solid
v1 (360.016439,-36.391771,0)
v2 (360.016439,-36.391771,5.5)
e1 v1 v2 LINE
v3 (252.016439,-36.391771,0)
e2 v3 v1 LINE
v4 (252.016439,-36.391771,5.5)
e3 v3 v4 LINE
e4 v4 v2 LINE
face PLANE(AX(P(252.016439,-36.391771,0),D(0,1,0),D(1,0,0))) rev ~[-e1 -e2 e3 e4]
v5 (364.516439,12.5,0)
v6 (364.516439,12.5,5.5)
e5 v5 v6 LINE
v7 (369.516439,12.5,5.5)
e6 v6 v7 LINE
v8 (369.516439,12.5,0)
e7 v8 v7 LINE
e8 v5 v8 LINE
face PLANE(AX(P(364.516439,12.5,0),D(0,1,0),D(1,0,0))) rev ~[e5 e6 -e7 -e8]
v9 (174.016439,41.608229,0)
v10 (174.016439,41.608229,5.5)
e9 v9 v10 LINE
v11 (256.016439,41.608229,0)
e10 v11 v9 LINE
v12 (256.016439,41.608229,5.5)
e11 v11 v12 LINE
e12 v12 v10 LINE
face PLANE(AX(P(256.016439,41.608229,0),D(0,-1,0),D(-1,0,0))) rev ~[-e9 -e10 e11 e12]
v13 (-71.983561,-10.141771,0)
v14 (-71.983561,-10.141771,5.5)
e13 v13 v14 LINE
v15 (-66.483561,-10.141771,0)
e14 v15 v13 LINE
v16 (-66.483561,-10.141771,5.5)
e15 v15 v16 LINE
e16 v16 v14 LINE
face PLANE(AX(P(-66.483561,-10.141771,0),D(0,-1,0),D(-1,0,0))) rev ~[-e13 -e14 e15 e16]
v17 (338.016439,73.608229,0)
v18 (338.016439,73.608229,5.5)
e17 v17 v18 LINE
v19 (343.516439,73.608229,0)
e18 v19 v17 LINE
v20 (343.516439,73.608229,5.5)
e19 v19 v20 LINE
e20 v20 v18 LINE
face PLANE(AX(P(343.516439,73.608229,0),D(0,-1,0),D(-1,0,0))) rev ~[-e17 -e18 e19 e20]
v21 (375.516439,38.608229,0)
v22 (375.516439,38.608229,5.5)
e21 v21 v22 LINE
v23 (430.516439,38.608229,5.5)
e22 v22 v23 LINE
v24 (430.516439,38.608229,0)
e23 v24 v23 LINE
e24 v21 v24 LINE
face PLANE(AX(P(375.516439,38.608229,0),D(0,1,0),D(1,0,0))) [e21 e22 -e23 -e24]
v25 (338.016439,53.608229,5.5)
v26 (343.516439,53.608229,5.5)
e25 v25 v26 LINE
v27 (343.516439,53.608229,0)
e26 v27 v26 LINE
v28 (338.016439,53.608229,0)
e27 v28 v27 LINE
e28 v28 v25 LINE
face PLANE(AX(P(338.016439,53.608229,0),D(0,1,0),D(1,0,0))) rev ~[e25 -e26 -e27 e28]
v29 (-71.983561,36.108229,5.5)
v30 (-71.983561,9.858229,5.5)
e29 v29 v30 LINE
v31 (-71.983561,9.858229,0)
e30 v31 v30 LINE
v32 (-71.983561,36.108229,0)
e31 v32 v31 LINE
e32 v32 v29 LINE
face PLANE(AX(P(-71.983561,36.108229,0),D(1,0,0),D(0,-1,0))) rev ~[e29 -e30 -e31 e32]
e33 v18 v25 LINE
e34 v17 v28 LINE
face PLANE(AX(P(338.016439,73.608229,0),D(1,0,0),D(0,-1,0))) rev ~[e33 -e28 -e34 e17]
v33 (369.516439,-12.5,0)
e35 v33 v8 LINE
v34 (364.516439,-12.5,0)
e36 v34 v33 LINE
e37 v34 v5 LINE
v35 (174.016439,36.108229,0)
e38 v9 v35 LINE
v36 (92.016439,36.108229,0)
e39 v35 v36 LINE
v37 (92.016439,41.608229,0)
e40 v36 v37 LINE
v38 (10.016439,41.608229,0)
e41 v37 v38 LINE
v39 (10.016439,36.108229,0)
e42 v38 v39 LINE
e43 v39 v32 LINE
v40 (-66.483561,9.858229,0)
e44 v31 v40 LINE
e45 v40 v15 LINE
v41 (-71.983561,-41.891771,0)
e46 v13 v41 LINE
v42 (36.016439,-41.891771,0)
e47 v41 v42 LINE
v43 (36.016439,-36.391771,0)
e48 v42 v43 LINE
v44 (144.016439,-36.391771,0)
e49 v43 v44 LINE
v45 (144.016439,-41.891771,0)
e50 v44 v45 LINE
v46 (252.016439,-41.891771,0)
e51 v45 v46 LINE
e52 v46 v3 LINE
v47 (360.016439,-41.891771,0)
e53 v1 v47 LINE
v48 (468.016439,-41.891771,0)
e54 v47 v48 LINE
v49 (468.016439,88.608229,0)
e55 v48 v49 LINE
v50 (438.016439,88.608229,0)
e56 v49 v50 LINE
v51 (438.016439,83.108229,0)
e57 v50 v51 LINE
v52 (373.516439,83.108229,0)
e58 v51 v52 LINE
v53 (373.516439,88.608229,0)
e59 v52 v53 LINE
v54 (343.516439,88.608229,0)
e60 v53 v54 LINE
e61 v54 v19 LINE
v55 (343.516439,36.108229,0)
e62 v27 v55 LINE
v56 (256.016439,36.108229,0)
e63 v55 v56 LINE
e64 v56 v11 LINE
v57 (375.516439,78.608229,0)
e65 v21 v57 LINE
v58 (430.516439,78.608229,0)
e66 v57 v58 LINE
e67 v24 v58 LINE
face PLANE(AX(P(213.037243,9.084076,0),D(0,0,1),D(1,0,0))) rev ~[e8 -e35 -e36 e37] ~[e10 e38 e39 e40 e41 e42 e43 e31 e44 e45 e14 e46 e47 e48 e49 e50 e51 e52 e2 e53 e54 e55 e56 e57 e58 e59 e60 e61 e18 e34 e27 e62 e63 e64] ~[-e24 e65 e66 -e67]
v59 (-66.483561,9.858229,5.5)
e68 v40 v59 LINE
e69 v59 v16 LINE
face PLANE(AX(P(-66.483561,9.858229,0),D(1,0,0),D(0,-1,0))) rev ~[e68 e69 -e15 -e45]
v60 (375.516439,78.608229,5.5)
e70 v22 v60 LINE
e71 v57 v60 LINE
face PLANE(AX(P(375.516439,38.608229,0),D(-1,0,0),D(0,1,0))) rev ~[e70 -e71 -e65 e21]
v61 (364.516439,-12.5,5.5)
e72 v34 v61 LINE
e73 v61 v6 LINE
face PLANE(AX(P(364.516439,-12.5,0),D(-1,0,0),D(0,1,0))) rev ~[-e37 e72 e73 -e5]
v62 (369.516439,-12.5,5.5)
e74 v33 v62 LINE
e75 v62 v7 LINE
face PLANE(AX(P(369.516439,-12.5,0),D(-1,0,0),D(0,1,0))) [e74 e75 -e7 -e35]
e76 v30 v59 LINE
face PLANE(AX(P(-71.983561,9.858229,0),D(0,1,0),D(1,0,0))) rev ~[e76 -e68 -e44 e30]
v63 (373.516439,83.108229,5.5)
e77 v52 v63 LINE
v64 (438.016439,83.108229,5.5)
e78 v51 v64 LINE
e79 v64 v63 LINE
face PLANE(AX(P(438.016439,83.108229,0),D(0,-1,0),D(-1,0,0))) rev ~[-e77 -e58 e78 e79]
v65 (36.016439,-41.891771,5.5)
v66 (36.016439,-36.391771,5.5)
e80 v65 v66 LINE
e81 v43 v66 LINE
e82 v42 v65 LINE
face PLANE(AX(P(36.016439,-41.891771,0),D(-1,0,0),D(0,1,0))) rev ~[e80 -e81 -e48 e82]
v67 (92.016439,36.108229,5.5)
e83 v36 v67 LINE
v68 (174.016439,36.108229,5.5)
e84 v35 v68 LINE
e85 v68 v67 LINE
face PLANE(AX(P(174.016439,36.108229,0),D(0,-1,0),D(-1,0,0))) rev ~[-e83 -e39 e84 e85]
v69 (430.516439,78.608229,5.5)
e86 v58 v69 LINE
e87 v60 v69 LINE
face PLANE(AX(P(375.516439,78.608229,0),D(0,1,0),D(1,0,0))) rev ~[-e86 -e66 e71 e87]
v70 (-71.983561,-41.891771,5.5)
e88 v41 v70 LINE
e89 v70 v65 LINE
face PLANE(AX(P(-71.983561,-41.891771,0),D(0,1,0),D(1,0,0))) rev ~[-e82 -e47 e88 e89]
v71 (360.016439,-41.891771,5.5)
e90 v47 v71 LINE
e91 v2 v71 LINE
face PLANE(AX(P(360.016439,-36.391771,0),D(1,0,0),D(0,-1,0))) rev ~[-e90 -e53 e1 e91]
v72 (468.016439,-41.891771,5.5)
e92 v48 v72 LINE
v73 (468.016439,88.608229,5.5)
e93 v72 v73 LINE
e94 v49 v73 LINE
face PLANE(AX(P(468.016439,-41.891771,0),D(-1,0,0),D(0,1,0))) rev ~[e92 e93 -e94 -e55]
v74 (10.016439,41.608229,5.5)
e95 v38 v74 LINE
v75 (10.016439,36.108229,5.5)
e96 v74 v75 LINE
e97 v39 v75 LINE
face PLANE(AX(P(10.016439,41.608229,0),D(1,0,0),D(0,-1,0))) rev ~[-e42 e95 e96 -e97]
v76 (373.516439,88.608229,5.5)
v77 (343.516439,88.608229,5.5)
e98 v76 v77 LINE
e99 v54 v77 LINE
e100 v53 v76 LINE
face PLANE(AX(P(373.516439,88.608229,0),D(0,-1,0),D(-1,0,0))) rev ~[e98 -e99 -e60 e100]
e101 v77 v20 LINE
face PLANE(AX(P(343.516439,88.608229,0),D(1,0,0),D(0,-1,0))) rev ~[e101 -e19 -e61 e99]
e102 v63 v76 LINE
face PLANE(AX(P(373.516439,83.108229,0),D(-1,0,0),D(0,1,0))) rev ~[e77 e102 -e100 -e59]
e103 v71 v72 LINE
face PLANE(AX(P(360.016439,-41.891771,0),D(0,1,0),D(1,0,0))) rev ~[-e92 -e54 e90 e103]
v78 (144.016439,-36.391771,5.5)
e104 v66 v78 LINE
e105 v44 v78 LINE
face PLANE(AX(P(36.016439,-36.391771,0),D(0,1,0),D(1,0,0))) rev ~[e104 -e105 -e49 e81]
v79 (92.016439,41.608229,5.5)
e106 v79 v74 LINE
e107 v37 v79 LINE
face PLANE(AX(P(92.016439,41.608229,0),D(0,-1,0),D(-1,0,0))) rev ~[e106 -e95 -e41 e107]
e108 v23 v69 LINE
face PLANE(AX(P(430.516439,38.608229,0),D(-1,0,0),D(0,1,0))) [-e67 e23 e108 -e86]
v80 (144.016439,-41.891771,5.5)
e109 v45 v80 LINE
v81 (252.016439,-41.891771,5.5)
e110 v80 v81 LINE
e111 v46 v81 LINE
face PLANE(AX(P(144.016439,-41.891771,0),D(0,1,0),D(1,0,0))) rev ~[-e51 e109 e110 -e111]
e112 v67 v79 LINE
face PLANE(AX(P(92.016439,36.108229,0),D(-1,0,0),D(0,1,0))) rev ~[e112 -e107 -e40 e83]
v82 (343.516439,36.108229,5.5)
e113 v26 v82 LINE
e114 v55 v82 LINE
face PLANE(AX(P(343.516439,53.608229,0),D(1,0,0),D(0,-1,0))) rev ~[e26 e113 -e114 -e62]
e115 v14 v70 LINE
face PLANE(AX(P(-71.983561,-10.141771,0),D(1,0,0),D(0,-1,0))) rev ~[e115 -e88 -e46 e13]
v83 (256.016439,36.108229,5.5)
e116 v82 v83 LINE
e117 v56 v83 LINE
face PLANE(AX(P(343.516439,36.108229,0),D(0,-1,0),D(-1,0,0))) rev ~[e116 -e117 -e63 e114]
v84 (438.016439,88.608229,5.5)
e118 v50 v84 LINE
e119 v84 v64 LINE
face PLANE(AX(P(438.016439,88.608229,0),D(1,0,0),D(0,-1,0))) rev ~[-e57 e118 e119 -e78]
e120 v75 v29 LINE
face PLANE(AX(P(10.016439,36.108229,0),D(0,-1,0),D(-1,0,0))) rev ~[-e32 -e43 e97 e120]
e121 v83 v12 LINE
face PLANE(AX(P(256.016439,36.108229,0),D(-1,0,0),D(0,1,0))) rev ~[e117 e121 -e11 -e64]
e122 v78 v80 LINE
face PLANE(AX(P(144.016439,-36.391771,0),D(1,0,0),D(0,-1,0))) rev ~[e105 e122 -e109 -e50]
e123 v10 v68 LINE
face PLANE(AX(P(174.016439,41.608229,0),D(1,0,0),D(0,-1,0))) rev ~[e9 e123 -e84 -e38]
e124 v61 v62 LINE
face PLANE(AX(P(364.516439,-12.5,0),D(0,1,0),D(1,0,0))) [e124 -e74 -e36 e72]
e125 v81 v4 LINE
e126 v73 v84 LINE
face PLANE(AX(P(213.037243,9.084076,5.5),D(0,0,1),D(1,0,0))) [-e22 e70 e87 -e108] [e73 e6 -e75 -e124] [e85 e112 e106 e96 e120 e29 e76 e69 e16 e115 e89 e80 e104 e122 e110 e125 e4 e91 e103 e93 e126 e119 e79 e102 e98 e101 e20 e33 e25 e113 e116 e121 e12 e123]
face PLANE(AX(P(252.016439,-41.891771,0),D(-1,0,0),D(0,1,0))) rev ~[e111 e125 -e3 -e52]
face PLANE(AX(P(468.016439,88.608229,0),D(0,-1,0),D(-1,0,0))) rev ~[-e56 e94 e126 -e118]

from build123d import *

# Parameters (mm, degrees)
CROQUIS1_W              = 55
CROQUIS1_H              = 40
CROQUIS1_W_2            = 5
CROQUIS1_H_2            = 25
SALIENTE_EXTRUIR1_DEPTH = 5.5


with BuildPart() as part:
    # Croquis1 → Saliente-Extruir1 (new body)
    with BuildSketch(Plane.XY):
        Polygon((-71.983561291, 36.108229285), (-71.983561291, 9.858229285), (-66.483561291, 9.858229285), (-66.483561291, -10.141770715), (-71.983561291, -10.141770715), (-71.983561291, -41.891770715), (36.016438709, -41.891770715), (36.016438709, -36.391770715), (144.016438709, -36.391770715), (144.016438709, -41.891770715), (252.016438709, -41.891770715), (252.016438709, -36.391770715), (360.016438709, -36.391770715), (360.016438709, -41.891770715), (468.016438709, -41.891770715), (468.016438709, 88.608229285), (438.016438709, 88.608229285), (438.016438709, 83.108229285), (373.516438709, 83.108229285), (373.516438709, 88.608229285), (343.516438709, 88.608229285), (343.516438709, 73.608229285), (338.016438709, 73.608229285), (338.016438709, 53.608229285), (343.516438709, 53.608229285), (343.516438709, 36.108229285), (338.016438709, 36.108229285), (256.016438709, 36.108229285), (256.016438709, 41.608229285), (174.016438709, 41.608229285), (174.016438709, 36.108229285), (92.016438709, 36.108229285), (92.016438709, 41.608229285), (10.016438709, 41.608229285), (10.016438709, 36.108229285), align=None)
        with Locations((403.016438709, 58.608229285)):
            Rectangle(CROQUIS1_W, CROQUIS1_H, mode=Mode.SUBTRACT)
        with Locations((367.016438709, 0)):
            Rectangle(CROQUIS1_W_2, CROQUIS1_H_2, mode=Mode.SUBTRACT)
    extrude(amount=SALIENTE_EXTRUIR1_DEPTH)


solid = part.part
